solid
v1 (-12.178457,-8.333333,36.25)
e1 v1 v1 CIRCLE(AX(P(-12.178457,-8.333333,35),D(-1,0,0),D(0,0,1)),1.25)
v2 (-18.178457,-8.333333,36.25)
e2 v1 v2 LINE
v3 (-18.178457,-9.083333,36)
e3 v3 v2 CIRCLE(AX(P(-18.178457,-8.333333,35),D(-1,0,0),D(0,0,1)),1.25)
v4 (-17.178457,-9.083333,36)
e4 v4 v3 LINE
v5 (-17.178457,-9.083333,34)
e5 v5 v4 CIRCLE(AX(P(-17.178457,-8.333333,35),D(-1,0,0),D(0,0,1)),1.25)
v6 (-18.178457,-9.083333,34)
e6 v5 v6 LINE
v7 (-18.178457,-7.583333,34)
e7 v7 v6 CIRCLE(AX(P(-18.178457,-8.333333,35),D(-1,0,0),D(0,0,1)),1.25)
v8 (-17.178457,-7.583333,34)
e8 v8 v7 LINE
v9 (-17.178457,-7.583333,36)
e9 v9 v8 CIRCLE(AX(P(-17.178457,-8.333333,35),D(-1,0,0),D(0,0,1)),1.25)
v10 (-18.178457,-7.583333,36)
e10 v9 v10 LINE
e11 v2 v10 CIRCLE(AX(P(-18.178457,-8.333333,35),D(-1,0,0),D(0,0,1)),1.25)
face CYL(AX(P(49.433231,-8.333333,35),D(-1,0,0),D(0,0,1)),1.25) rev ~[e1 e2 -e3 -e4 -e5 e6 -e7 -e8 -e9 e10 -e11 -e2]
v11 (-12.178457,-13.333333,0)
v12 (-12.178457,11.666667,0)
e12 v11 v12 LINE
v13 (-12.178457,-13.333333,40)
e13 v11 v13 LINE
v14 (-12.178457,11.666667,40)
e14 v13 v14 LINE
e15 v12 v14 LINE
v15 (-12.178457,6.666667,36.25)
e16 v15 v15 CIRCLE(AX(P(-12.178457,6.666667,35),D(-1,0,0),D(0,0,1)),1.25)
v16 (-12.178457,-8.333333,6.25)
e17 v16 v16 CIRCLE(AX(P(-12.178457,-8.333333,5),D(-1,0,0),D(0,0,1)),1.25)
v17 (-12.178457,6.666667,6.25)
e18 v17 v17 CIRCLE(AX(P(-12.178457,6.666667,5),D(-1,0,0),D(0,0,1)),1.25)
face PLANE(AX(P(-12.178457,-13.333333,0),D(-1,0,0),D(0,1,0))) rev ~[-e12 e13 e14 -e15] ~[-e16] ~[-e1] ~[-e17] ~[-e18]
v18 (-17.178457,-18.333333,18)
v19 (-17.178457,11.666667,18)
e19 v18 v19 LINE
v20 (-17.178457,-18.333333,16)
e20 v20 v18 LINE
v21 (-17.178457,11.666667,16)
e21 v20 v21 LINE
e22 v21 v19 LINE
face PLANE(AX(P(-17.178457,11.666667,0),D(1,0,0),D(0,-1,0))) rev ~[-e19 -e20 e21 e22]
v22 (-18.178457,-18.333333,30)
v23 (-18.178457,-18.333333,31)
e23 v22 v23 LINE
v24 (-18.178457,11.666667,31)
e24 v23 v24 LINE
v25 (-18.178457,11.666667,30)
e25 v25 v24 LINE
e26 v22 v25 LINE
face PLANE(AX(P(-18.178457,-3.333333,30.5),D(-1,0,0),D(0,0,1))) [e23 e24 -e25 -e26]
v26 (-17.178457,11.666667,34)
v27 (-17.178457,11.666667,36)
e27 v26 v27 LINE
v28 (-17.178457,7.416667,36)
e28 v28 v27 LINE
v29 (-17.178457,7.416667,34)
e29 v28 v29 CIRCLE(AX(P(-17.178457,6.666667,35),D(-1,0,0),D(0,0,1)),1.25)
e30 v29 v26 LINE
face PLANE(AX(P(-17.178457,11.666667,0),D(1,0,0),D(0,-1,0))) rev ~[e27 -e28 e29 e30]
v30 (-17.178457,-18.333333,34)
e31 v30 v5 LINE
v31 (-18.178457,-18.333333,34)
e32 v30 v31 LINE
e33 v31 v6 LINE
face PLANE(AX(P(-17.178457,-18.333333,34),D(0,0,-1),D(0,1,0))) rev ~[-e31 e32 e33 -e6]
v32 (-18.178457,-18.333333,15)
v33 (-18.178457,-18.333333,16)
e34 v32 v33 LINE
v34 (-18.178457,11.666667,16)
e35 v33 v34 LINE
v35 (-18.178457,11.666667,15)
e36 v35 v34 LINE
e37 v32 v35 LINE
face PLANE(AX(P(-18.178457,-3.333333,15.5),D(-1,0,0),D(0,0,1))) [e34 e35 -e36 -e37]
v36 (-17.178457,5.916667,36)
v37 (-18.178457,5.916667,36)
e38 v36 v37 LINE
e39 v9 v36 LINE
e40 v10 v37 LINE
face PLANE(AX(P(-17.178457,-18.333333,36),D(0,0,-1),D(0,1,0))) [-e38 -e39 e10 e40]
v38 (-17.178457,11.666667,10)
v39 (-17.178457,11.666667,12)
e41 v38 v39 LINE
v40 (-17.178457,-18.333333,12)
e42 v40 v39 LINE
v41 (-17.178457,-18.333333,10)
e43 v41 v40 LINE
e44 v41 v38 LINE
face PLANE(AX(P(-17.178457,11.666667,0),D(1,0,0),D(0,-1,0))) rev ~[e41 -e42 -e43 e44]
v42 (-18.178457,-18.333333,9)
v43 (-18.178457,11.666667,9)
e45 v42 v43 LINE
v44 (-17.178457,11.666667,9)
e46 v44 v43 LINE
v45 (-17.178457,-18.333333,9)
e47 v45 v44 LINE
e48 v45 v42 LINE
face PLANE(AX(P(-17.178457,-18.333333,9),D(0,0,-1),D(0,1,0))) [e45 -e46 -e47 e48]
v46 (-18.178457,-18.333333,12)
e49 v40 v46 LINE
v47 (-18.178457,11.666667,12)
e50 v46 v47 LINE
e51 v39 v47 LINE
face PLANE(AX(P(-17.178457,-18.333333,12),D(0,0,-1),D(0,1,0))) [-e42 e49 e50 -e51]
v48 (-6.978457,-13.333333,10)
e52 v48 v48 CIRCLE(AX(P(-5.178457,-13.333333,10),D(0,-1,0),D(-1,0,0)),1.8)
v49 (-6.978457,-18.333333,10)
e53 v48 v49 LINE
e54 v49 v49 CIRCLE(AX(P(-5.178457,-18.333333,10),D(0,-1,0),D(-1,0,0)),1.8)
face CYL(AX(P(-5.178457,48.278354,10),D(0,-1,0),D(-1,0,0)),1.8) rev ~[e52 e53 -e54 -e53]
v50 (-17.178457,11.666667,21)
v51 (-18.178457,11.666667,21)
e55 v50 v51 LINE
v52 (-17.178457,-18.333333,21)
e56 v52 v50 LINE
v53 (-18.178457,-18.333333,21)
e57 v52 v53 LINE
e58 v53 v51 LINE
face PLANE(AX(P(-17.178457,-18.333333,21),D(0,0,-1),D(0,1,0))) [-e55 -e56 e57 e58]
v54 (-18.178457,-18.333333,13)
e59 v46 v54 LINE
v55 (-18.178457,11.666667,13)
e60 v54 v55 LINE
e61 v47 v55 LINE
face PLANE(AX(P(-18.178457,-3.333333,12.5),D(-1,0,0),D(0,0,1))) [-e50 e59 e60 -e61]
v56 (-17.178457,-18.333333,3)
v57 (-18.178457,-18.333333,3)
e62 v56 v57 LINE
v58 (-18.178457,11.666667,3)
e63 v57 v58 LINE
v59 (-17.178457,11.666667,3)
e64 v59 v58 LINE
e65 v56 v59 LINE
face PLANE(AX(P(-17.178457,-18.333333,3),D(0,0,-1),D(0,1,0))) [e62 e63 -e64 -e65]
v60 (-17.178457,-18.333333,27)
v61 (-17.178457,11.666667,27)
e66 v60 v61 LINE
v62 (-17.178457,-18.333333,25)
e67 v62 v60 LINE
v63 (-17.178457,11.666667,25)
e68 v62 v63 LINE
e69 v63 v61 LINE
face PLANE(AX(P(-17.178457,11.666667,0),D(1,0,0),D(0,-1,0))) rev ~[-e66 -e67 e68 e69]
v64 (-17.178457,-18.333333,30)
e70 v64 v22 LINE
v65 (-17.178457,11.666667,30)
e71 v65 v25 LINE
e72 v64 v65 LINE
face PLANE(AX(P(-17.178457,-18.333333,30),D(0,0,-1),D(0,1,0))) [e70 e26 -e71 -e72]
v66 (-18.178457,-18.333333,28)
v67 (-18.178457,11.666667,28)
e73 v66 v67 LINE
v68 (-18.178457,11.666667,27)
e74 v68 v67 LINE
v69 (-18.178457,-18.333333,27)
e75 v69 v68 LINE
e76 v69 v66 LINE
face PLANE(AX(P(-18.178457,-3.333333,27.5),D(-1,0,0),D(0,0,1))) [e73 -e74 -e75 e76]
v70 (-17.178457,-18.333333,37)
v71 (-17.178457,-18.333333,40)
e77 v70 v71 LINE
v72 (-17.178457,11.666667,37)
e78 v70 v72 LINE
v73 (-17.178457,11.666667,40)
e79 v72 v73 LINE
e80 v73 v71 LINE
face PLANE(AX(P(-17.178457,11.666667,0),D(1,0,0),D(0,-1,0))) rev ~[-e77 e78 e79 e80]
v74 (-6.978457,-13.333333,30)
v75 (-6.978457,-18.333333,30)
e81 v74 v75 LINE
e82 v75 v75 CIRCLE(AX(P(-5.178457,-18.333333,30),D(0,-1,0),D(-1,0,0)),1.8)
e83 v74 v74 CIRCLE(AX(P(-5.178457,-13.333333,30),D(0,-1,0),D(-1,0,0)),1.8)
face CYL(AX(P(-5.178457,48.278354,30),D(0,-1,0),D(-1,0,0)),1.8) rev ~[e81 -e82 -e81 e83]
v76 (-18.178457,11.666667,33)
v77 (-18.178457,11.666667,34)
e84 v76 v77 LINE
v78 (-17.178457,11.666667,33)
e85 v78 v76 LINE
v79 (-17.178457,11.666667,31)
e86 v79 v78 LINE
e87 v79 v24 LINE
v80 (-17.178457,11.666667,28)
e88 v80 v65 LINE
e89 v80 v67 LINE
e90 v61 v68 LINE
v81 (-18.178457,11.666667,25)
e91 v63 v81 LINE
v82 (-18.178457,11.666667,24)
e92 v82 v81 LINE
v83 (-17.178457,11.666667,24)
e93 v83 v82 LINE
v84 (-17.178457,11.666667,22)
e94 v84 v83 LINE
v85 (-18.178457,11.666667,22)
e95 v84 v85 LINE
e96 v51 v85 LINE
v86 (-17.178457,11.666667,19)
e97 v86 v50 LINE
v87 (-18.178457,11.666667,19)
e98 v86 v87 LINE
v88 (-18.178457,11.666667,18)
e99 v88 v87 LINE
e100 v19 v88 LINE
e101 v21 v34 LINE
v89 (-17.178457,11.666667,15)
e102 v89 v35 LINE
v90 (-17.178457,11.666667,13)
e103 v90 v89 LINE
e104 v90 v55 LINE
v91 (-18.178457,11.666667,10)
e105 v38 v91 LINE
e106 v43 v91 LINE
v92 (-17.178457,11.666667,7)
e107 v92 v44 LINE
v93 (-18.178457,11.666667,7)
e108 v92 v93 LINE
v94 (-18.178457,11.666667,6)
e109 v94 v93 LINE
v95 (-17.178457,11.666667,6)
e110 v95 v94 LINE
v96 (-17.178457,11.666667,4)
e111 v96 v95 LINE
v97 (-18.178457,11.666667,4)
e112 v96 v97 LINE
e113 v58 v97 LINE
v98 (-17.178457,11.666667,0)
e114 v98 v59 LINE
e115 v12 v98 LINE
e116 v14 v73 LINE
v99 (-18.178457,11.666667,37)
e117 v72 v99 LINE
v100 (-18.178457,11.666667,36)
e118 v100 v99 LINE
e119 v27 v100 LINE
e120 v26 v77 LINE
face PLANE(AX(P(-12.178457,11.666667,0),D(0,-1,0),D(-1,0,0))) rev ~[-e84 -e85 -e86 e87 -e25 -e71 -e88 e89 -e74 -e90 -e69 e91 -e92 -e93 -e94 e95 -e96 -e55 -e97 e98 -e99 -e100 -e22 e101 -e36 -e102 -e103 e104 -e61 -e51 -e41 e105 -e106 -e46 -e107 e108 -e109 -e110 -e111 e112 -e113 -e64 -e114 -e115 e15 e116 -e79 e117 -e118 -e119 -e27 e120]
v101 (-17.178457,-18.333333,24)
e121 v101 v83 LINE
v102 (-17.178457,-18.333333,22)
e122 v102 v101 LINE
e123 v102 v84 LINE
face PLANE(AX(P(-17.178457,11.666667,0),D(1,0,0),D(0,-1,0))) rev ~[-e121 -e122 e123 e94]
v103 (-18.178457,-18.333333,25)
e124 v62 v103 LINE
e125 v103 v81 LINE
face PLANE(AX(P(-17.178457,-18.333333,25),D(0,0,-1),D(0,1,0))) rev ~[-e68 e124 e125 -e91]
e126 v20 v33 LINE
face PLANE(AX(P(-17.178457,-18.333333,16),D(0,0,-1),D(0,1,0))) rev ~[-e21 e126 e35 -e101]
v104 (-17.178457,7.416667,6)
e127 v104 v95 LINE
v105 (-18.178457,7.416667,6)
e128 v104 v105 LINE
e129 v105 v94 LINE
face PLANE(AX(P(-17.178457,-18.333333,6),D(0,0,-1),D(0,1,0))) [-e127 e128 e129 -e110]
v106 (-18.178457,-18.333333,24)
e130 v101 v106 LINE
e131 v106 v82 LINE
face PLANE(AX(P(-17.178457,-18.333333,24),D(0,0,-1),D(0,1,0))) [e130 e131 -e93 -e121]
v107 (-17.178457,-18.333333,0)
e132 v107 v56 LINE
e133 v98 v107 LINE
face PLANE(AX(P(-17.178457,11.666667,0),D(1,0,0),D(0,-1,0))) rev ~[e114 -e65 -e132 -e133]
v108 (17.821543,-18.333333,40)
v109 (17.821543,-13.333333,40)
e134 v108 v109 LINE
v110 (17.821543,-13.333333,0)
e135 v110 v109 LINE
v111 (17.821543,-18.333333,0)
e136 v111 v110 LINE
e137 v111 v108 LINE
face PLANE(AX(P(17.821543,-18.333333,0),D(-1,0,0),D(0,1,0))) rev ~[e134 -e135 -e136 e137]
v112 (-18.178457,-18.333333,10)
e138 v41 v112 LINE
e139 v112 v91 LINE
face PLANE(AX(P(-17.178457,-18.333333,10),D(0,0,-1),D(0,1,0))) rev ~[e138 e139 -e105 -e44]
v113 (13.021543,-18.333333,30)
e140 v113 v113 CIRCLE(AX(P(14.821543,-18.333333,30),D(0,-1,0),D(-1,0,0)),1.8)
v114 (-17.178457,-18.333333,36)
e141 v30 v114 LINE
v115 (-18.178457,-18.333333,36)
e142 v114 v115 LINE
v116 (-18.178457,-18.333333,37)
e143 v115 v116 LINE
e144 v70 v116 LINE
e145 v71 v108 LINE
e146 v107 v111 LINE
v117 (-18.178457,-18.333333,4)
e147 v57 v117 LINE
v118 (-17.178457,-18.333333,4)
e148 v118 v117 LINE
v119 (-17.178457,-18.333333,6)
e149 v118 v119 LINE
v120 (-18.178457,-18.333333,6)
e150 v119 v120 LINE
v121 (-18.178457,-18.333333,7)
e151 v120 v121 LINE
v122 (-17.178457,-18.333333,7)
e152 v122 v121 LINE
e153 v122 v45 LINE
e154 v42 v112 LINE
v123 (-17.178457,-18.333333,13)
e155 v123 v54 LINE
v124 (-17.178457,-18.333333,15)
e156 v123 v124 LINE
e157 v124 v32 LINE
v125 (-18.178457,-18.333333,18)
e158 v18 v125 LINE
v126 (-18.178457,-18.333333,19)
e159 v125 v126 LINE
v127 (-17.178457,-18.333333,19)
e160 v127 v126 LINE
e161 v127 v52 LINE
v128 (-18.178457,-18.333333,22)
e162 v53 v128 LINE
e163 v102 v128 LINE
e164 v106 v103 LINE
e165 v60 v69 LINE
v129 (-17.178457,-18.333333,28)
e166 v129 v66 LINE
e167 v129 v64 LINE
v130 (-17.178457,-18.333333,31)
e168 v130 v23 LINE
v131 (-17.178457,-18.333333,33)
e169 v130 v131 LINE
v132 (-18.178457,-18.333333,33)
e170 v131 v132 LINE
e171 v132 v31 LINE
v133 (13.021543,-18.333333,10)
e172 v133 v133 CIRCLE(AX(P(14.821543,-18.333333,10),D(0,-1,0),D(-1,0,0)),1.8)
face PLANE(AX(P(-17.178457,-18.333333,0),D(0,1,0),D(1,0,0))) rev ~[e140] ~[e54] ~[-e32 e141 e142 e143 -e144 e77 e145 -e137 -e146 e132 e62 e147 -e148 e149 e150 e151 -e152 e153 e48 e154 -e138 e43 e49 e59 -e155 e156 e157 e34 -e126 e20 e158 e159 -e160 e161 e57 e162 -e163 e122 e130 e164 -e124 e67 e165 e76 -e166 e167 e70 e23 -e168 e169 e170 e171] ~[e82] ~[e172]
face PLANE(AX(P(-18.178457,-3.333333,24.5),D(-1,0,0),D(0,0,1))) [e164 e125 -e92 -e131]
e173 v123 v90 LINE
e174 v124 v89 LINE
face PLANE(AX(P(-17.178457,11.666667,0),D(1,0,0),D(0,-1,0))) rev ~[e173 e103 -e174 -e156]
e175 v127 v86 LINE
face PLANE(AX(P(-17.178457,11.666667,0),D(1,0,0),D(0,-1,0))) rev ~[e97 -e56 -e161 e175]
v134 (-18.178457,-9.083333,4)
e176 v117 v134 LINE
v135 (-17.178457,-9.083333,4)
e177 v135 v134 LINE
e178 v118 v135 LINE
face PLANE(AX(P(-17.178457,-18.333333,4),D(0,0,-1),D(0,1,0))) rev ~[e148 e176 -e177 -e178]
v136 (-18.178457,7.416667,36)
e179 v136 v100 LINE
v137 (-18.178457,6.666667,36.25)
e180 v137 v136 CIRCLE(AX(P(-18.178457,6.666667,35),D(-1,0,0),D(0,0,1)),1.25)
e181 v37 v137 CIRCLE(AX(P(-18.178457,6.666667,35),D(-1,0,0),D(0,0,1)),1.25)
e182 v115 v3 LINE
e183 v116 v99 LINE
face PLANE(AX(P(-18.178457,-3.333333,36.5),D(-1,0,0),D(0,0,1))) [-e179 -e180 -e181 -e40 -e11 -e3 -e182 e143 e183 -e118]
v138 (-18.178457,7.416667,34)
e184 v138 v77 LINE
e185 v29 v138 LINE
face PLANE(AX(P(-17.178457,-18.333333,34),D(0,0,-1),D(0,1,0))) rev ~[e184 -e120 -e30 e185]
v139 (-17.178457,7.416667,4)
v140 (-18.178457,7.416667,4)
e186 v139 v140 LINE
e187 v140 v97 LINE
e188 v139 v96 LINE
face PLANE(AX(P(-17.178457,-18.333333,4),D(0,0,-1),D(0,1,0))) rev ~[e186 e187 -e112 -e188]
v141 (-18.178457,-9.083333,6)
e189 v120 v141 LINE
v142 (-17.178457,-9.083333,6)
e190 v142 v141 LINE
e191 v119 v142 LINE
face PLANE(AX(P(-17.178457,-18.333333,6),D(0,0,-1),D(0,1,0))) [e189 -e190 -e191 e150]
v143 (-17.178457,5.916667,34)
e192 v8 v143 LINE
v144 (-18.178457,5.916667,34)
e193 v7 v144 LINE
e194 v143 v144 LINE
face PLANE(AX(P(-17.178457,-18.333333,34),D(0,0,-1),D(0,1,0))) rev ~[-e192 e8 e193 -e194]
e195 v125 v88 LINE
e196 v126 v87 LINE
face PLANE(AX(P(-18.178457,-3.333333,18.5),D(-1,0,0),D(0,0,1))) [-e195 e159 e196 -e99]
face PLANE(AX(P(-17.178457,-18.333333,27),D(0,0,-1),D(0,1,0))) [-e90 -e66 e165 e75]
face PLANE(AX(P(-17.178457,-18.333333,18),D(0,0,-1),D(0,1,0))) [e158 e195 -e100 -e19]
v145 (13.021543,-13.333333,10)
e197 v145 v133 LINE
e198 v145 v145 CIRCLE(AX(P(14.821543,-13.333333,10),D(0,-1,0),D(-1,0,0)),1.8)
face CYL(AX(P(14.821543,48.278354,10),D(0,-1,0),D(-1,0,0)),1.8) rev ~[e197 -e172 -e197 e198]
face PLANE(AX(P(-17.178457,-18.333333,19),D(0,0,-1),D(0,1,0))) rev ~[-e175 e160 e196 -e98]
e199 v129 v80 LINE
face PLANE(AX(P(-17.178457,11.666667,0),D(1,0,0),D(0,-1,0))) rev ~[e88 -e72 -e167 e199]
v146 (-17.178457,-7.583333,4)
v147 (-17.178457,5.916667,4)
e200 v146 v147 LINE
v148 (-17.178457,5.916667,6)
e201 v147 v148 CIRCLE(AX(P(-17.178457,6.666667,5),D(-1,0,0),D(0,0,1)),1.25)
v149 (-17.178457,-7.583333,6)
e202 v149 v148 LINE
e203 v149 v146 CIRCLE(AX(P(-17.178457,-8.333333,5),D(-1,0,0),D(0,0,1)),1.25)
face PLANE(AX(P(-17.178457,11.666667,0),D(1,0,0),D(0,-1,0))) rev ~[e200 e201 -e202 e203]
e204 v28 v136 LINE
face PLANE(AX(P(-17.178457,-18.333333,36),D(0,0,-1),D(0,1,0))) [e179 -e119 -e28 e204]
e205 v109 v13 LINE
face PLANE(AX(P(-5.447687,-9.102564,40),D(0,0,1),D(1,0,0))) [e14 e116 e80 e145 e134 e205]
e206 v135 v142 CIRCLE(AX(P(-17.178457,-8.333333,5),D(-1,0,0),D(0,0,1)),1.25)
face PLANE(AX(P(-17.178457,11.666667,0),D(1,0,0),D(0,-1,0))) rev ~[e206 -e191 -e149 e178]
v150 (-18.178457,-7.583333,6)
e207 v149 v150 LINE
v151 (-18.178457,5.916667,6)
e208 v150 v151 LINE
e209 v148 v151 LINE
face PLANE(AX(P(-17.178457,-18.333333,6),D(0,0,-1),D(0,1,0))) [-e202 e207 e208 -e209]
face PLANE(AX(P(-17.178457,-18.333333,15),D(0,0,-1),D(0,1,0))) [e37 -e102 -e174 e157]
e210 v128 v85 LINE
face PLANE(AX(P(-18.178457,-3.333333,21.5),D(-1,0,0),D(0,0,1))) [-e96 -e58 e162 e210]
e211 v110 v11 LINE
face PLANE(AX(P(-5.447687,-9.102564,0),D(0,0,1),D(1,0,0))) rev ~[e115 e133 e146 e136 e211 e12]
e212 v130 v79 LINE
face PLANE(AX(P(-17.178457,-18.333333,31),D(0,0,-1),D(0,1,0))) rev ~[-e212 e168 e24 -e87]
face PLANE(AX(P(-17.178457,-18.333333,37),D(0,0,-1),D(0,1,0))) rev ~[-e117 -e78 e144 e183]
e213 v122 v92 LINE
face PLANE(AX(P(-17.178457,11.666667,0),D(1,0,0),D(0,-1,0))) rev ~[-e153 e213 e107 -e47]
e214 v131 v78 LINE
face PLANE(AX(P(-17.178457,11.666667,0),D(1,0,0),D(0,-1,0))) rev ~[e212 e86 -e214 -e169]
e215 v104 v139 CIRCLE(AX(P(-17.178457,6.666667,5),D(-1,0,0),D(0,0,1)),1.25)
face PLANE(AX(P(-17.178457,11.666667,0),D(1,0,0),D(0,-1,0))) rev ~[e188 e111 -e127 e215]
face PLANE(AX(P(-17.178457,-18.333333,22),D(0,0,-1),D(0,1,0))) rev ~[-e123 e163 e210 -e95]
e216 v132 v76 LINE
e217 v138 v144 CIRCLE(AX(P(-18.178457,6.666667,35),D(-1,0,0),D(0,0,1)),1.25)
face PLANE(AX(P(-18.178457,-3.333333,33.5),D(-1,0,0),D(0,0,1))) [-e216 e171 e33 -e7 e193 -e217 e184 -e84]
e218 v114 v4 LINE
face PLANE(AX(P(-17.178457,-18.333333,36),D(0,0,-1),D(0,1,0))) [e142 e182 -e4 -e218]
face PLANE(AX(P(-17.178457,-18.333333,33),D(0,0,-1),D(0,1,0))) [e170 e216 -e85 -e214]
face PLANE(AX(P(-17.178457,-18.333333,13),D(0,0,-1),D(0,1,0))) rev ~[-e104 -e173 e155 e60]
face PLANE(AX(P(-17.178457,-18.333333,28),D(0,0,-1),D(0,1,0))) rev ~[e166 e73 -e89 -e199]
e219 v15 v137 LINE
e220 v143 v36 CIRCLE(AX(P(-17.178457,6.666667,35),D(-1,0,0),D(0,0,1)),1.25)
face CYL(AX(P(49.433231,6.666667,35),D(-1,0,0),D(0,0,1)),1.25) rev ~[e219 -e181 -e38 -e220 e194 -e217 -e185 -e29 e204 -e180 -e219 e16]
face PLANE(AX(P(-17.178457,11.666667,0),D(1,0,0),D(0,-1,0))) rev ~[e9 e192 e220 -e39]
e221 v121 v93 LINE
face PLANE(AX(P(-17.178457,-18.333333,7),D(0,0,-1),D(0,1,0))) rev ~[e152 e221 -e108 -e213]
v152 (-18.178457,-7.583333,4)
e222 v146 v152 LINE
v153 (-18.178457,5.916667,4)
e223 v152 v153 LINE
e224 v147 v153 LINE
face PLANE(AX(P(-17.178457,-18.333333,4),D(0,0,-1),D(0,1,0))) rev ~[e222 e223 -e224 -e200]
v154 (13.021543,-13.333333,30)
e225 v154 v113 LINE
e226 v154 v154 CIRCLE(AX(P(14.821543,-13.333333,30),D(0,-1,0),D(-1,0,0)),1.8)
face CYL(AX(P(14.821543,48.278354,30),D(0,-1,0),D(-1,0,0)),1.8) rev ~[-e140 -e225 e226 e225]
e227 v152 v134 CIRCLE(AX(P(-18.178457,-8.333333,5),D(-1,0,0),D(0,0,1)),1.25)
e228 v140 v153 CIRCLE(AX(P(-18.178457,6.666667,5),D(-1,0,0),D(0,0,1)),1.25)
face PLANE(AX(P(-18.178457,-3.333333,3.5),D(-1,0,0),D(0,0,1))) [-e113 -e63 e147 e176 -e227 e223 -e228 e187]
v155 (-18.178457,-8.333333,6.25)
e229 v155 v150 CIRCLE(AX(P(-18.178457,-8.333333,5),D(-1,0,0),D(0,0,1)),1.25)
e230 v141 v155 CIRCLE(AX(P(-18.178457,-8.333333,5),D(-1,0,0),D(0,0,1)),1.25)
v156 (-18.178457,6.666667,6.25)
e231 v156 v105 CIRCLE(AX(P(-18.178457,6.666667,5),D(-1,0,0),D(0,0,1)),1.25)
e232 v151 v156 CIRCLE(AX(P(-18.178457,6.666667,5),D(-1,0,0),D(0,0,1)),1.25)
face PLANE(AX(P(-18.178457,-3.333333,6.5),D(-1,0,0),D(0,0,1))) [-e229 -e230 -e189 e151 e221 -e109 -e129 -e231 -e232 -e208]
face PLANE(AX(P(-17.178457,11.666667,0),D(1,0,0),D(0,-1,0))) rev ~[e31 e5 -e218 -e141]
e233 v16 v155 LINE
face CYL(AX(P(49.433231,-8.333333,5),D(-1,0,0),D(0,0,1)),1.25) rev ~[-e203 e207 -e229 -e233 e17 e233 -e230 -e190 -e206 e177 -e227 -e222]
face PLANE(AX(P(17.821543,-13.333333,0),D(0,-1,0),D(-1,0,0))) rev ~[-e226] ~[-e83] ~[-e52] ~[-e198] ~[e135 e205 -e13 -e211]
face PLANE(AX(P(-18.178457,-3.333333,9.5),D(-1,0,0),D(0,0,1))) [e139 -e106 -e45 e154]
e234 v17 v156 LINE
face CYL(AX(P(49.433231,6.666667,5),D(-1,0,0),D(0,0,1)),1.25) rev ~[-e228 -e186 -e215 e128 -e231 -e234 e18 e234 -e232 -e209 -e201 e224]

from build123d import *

# Parameters (mm, degrees)
BOSS_EXTRU_1_DEPTH                        = 40
ESQUISSE2_W                               = 1
ESQUISSE2_H                               = 30
EXTRU_MINCE2_DEPTH                        = 1
R_P_TITION_LIN_AIRE1_COUNT                = 12
R_P_TITION_LIN_AIRE1_PITCH                = 3
TROU_POUR_TARAUDAGE_POUR_TROU_TARAUD_M3_D = 2.5
D_GAGEMENT_M33_D                          = 3.6


with BuildPart() as part:
    # Esquisse1 → Boss.-Extru.1 (new body)
    with BuildSketch(Plane.XY):
        Polygon((-17.178456592, 11.666666667), (-17.178456592, -18.333333333), (17.821543408, -18.333333333), (17.821543408, -13.333333333), (-12.178456592, -13.333333333), (-12.178456592, 11.666666667), align=None)
    extrude(amount=BOSS_EXTRU_1_DEPTH)

    # Esquisse2 → Extru.-Mince2 (add)
    with BuildSketch(Plane.ZY.offset(17.178456592)):
        with Locations((36.5, -3.333333333)):
            Rectangle(ESQUISSE2_W, ESQUISSE2_H)
    extru_mince2 = extrude(amount=EXTRU_MINCE2_DEPTH)

    # Répétition linéaire1: Extru.-Mince2 ×12
    with Locations(*[(0, 0, -i * R_P_TITION_LIN_AIRE1_PITCH) for i in range(1, R_P_TITION_LIN_AIRE1_COUNT)]):
        add(extru_mince2)

    # Trou pour taraudage pour trou taraudé M34 (through all)
    with Locations(Plane(origin=(-12.178456592, 0, 0), x_dir=(0, 0, -1), z_dir=(1, 0, 0))):
        with Locations((-5, 6.666666667), (-35, 6.666666667), (-35, -8.333333333), (-5, -8.333333333)):
            Hole(TROU_POUR_TARAUDAGE_POUR_TROU_TARAUD_M3_D / 2)

    # Dégagement M33 (through all)
    with Locations(Plane(origin=(0, -13.333333333, 0), x_dir=(1, 0, 0), z_dir=(0, 1, 0))):
        with Locations((14.821543408, -10), (14.821543408, -30), (-5.178456592, -10), (-5.178456592, -30)):
            Hole(D_GAGEMENT_M33_D / 2)


solid = part.part
